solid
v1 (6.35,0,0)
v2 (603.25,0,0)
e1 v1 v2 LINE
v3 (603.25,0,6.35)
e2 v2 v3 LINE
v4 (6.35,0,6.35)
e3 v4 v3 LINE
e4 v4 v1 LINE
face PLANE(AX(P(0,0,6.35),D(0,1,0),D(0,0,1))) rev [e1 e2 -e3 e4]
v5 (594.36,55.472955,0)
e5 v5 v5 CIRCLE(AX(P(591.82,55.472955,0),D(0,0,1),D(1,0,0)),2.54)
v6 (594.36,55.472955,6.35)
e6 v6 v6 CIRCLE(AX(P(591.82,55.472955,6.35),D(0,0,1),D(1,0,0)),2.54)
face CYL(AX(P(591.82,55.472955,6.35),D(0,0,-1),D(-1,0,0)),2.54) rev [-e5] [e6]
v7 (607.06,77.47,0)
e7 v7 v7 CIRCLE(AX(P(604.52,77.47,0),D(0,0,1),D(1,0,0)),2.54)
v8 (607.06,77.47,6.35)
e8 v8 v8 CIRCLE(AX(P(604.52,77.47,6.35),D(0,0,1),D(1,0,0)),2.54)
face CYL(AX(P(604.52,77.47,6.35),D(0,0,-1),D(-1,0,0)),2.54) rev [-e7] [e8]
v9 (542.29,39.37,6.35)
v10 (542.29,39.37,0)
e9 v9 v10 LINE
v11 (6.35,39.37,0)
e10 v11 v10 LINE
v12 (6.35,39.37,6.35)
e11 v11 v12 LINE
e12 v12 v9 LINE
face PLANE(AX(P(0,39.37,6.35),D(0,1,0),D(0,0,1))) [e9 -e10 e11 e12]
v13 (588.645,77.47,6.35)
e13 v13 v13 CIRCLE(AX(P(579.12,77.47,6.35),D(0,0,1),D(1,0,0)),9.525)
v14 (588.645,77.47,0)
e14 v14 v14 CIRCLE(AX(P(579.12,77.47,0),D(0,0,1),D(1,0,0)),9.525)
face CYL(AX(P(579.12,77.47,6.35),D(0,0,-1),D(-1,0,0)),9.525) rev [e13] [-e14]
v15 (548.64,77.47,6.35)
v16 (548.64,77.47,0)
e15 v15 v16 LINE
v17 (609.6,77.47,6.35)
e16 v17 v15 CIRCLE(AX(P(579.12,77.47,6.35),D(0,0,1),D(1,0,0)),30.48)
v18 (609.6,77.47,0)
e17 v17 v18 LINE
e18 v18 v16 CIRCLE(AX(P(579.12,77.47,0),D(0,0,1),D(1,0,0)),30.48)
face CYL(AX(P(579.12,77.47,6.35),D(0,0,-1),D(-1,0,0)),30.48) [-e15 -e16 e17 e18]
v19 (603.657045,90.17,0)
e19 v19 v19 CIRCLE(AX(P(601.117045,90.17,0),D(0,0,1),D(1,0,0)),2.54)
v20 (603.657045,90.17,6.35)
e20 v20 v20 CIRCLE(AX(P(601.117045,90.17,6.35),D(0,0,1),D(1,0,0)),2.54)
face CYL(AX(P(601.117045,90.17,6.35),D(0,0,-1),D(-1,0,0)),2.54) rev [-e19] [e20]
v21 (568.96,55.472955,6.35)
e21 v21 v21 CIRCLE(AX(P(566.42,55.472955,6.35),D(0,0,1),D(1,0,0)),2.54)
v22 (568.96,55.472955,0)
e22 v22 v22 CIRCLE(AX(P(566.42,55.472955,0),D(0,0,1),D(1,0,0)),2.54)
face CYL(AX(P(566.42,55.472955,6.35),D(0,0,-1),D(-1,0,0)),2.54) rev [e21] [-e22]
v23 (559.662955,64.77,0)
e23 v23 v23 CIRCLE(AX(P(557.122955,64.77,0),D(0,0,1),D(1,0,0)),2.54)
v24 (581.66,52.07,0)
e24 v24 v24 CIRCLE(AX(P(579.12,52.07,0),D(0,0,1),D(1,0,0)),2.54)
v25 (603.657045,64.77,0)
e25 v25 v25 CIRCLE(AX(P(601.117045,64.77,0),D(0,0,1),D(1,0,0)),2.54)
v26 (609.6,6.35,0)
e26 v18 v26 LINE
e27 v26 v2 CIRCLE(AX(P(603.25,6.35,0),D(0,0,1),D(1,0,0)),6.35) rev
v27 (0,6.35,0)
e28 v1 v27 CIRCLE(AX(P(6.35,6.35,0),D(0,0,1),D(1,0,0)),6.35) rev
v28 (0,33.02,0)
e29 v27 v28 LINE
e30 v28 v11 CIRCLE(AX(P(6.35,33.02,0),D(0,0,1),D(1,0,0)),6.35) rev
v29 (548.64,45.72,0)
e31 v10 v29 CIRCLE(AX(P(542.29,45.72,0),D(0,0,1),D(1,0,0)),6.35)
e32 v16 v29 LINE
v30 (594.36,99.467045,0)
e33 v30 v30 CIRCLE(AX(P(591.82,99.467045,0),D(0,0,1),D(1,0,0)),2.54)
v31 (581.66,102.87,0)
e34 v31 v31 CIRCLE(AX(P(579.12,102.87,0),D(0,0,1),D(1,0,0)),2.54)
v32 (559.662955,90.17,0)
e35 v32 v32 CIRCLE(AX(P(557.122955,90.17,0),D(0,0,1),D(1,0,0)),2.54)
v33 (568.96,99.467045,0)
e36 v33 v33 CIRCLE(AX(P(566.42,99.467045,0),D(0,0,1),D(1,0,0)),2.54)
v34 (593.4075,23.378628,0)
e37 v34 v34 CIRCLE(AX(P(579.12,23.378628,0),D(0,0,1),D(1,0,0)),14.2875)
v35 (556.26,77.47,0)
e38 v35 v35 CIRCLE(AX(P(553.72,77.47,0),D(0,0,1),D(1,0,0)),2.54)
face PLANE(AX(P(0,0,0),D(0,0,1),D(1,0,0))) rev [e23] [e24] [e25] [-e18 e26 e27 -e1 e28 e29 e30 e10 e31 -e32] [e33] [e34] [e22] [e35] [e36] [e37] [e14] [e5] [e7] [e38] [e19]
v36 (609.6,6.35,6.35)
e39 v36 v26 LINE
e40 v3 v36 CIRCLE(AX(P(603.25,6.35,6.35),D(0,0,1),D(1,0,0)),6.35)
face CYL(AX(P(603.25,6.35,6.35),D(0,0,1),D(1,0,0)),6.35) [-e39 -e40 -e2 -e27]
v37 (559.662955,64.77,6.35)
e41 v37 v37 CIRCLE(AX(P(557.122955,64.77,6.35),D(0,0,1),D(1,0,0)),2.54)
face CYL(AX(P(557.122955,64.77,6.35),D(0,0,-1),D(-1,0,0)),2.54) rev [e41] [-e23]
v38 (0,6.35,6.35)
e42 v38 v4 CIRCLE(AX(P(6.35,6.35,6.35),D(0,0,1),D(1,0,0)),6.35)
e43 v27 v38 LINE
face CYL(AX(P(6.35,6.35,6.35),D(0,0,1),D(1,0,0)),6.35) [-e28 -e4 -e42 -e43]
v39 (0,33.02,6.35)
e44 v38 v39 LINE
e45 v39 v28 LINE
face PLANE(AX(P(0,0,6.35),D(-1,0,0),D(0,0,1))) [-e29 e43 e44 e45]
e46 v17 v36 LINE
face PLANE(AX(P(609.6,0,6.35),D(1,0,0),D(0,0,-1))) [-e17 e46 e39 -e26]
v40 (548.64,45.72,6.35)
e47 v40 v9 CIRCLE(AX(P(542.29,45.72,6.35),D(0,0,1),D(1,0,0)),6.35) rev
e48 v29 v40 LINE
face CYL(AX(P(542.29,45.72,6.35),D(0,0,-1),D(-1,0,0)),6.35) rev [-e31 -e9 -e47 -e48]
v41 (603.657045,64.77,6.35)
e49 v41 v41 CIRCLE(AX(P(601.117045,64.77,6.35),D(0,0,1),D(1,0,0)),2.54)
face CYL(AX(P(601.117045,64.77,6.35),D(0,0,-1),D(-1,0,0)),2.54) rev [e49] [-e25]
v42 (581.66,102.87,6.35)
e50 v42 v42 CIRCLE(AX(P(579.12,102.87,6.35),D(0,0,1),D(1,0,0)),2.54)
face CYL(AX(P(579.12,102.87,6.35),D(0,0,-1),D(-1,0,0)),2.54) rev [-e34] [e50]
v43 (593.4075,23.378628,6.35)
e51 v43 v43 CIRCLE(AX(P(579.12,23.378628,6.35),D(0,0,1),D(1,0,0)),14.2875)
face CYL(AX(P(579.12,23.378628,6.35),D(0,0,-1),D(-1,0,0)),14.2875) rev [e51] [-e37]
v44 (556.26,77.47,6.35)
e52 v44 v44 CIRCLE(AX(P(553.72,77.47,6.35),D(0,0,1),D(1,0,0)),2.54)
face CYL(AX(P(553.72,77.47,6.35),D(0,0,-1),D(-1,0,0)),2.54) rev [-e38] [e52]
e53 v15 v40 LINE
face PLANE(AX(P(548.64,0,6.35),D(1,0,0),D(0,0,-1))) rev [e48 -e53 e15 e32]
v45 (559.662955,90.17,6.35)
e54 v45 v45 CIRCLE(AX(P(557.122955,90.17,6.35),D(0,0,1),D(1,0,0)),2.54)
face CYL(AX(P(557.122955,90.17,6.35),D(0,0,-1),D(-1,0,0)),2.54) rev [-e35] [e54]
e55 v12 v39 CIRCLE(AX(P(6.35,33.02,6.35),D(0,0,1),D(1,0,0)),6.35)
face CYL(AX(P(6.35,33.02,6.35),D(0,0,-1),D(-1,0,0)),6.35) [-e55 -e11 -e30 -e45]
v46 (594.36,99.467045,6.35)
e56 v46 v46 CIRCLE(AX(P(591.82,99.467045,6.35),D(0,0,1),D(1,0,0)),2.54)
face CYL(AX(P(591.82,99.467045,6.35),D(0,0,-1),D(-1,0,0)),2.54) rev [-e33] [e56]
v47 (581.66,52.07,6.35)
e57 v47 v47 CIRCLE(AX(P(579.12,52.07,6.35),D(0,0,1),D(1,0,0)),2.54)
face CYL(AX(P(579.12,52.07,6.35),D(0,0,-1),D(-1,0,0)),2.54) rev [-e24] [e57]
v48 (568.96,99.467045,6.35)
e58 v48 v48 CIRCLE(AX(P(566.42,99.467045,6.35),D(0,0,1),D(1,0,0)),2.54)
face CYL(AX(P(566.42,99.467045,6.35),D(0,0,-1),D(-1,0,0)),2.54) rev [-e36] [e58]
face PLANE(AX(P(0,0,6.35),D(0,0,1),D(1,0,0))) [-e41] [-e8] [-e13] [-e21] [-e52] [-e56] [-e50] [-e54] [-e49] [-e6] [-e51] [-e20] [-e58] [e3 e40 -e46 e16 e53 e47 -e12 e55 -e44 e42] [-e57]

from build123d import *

# Parameters (mm, degrees)
SKETCH1_R           = 9.525
SKETCH1_R_2         = 2.54
SKETCH1_R_3         = 14.2875
BOSS_EXTRUDE1_DEPTH = 6.35
FILLET2_R           = 6.35


with BuildPart() as part:
    # Sketch1 → Boss-Extrude1 (new body)
    with BuildSketch(Plane.XY):
        with BuildLine():
            Line((0, 0), (0, 39.37))
            Line((0, 39.37), (40.53078, 39.37))
            Line((40.53078, 39.37), (548.64, 39.37))
            Line((548.64, 39.37), (548.64, 77.47))
            ThreePointArc((548.64, 77.47), (579.12, 107.95), (609.6, 77.47))
            Line((609.6, 77.47), (609.6, 0))
            Line((609.6, 0), (0, 0))
        make_face()
        with Locations((579.12, 77.47)):
            Circle(SKETCH1_R, mode=Mode.SUBTRACT)
        with Locations((579.12, 102.87)):
            Circle(SKETCH1_R_2, mode=Mode.SUBTRACT)
        with Locations((591.82, 99.467045256)):
            Circle(SKETCH1_R_2, mode=Mode.SUBTRACT)
        with Locations((601.117045256, 90.17)):
            Circle(SKETCH1_R_2, mode=Mode.SUBTRACT)
        with Locations((604.52, 77.47)):
            Circle(SKETCH1_R_2, mode=Mode.SUBTRACT)
        with Locations((601.117045256, 64.77)):
            Circle(SKETCH1_R_2, mode=Mode.SUBTRACT)
        with Locations((591.82, 55.472954744)):
            Circle(SKETCH1_R_2, mode=Mode.SUBTRACT)
        with Locations((579.12, 52.07)):
            Circle(SKETCH1_R_2, mode=Mode.SUBTRACT)
        with Locations((566.42, 55.472954744)):
            Circle(SKETCH1_R_2, mode=Mode.SUBTRACT)
        with Locations((557.122954744, 64.77)):
            Circle(SKETCH1_R_2, mode=Mode.SUBTRACT)
        with Locations((553.72, 77.47)):
            Circle(SKETCH1_R_2, mode=Mode.SUBTRACT)
        with Locations((557.122954744, 90.17)):
            Circle(SKETCH1_R_2, mode=Mode.SUBTRACT)
        with Locations((566.42, 99.467045256)):
            Circle(SKETCH1_R_2, mode=Mode.SUBTRACT)
        with Locations((579.12, 23.378627903)):
            Circle(SKETCH1_R_3, mode=Mode.SUBTRACT)
    extrude(amount=BOSS_EXTRUDE1_DEPTH)

    # Fillet2
    fillet2_edges = [part.edges().sort_by_distance(p)[0] for p in [
        (609.6, 0, 3.175),
        (0, 0, 3.175),
        (0, 39.37, 3.175),
        (548.64, 39.37, 3.175),
    ]]
    fillet(fillet2_edges, radius=FILLET2_R)


solid = part.part
